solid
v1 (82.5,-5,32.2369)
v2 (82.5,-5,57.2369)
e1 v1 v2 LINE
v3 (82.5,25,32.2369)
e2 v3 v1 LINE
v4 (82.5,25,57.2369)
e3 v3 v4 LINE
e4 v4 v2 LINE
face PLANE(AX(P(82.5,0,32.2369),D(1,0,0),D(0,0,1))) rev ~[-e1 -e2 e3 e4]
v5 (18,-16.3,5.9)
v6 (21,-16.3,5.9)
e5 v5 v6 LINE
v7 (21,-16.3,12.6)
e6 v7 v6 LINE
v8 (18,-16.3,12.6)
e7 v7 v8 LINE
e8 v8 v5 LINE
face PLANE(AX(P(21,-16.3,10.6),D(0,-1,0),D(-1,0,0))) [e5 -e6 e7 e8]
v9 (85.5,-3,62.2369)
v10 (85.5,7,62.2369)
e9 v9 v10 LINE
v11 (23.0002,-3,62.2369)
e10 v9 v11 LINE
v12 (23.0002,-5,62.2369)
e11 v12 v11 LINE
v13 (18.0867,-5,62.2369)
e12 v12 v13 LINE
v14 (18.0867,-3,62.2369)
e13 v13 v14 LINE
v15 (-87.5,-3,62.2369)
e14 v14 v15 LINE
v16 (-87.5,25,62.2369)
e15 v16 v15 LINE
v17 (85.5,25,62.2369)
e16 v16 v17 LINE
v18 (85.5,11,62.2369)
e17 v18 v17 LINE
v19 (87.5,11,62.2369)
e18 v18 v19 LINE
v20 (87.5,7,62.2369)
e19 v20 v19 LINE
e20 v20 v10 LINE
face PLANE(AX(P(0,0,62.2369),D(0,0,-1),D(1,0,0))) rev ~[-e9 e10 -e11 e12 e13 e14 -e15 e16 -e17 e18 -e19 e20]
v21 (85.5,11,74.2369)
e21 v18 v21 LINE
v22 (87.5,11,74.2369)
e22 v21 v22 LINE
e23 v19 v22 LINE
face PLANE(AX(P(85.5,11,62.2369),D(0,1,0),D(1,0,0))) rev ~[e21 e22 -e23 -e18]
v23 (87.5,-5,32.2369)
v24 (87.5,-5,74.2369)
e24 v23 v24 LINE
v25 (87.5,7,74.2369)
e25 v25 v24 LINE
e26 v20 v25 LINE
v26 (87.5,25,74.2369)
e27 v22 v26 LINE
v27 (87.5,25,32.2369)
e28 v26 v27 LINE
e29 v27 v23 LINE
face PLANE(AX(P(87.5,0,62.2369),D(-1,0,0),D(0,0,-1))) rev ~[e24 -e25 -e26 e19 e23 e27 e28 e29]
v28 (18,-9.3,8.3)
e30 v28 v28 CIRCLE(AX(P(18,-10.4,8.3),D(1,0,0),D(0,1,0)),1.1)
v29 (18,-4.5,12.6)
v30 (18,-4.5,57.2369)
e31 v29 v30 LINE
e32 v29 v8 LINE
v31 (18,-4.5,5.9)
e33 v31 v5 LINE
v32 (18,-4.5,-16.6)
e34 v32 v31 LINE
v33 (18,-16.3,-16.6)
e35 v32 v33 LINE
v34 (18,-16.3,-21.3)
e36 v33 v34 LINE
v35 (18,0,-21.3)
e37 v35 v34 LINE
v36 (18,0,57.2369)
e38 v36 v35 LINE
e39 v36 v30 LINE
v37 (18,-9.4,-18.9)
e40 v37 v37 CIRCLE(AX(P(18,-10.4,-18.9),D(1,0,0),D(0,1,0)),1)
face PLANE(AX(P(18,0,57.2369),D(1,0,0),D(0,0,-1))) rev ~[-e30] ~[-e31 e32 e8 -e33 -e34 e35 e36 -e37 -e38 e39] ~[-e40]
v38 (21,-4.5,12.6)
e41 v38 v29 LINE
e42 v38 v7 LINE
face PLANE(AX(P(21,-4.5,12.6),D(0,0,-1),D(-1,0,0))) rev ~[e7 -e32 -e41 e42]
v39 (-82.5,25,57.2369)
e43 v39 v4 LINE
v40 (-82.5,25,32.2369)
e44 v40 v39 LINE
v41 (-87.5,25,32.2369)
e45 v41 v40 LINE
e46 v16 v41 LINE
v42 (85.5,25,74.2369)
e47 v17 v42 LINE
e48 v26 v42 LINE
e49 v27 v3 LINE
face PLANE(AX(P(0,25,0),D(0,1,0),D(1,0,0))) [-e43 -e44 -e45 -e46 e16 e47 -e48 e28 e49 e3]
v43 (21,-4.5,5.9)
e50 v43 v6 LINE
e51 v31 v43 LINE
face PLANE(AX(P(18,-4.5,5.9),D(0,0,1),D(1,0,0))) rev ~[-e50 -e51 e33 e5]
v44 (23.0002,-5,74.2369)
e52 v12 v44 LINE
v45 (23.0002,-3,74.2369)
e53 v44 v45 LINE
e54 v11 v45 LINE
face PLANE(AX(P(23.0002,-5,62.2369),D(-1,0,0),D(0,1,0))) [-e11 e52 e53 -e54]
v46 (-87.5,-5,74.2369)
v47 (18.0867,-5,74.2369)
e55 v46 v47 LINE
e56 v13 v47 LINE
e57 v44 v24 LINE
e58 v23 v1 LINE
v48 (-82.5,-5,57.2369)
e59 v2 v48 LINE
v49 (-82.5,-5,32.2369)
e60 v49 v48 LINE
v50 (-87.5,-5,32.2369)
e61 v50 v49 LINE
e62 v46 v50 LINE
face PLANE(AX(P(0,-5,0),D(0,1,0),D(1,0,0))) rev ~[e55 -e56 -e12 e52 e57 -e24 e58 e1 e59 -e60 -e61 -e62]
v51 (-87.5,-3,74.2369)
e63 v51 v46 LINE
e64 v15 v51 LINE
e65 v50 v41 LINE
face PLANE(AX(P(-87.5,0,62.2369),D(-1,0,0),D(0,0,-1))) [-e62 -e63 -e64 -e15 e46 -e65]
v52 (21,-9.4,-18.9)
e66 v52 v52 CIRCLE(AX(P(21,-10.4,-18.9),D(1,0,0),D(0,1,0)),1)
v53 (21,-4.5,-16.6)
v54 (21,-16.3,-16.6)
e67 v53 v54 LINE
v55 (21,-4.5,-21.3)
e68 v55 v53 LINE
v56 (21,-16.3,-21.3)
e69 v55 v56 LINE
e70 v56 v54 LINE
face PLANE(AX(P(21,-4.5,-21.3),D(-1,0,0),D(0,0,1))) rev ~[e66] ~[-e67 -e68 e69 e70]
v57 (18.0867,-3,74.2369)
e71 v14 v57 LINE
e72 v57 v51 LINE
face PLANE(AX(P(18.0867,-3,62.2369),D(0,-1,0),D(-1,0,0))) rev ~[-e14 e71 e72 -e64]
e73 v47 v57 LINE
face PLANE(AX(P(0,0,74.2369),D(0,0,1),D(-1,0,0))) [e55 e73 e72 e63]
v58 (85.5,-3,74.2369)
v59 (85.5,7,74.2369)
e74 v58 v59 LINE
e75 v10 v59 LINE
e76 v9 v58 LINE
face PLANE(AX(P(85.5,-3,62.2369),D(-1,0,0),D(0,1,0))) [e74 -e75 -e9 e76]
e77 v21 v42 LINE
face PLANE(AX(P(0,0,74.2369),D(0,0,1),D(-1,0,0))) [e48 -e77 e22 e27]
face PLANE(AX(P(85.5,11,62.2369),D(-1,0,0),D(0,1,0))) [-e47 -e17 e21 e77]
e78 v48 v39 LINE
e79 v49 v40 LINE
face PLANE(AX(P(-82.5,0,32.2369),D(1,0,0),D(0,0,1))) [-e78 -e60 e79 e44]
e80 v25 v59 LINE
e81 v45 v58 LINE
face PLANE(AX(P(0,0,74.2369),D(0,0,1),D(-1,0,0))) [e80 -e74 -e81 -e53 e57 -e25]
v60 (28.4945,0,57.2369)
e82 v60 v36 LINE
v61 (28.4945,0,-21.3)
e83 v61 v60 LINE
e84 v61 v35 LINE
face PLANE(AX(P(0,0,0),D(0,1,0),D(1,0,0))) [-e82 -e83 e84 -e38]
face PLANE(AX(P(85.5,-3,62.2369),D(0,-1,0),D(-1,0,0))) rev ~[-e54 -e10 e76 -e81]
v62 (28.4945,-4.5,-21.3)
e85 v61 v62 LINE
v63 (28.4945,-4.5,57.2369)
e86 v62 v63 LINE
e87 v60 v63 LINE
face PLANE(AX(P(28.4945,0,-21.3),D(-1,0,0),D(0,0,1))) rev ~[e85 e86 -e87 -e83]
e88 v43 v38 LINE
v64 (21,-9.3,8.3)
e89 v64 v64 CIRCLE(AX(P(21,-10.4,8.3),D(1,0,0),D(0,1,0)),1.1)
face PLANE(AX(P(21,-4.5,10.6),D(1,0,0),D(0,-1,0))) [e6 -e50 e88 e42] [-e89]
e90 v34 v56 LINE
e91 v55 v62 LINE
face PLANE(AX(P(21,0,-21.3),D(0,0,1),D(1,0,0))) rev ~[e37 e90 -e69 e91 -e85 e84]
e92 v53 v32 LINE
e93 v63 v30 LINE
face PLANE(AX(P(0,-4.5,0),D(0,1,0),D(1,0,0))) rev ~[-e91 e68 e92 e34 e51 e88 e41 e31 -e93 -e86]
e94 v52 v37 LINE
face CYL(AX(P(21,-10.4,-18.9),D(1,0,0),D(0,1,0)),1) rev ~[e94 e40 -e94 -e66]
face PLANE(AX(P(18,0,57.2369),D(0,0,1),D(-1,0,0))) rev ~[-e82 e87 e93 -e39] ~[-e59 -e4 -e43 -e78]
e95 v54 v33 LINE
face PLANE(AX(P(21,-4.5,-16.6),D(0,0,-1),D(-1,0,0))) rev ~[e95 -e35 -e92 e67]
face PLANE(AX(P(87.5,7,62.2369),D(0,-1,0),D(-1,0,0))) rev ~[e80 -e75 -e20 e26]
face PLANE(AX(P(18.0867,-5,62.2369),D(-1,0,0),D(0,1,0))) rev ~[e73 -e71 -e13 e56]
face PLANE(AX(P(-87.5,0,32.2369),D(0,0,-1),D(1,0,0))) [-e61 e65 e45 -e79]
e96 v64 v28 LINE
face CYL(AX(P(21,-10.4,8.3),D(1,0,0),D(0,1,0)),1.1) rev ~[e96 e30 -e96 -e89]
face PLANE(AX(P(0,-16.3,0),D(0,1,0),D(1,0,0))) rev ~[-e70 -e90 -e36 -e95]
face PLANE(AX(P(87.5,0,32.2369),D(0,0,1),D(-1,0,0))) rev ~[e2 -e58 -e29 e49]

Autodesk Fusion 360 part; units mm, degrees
sketch "Sketch2" plane through (0, 0, 0) normal (0, 1, 0) x (1, 0, 0)
  line L0 (0, -62.2369) -> (87.5, -62.2369)
  line L1 (87.5, -62.2369) -> (87.5, -32.2369)
  line L2 (87.5, -32.2369) -> (82.5, -32.2369)
  line L3 (0, -57.2369) -> (0, -62.2369)
  line L4 (82.5, -32.2369) -> (82.5, -57.2369)
  line L5 (82.5, -57.2369) -> (0, -57.2369)
  line L6 (0, 0) -> (0, -57.2369) construction
  line L7 (-87.5, -32.2369) -> (-82.5, -32.2369)
  line L8 (-82.5, -32.2369) -> (-82.5, -57.2369)
  line L9 (-82.5, -57.2369) -> (0, -57.2369)
  line L10 (0, -57.2369) -> (0, -62.2369)
  line L11 (0, -62.2369) -> (-87.5, -62.2369)
  line L12 (-87.5, -62.2369) -> (-87.5, -32.2369)
  line L13 (0, 0) -> (30, 0) construction
  line L14 (0, 0) -> (0, -10.6) construction
  line L15 (18, 21.3) -> (28.4945, 21.3)
  line L16 (28.4945, 21.3) -> (28.4945, -57.2369)
  line L17 (28.4945, -57.2369) -> (18, -57.2369)
  line L18 (18, -57.2369) -> (18, 21.3)
  line L19 (21, -10.6) -> (18, -10.6)
  line L20 (18, -10.6) -> (18, -5.9)
  line L21 (18, -5.9) -> (21, -5.9)
  line L22 (21, -5.9) -> (21, -10.6)
  line L23 (0, 0) -> (0, 21.3) construction
  line L24 (18, 21.3) -> (21, 21.3)
  line L25 (21, 21.3) -> (21, 16.6)
  line L26 (21, 16.6) -> (18, 16.6)
  line L27 (18, 16.6) -> (18, 21.3)
  dimension "d1" = 5
  dimension "d2" = 82.5
  dimension "d3" = 5
  dimension "d4" = 25
  dimension "d10" = 10.6
  dimension "d14" = 4.7
  dimension "d15" = 3
  dimension "d16" = 21.3
  dimension "d17" = 3
  dimension "d18" = 4.7
  dimension "d19" = 22.5
extrude "Extrude1" add sketch "Sketch2" along normal blind 25 and the other way blind 5 contours L0 L1 L2 L3 L4 L5 L10 L17 | L3 L7 L8 L9 L10 L11 L12
extrude "Extrude2" add sketch "Sketch2" against normal blind 4.5 contours L5 L15 L16 L17 L18 L19 L21 L22 L25 L26 | L18 L19 L20 L21 L22 | L15 L18 L24 L25 L26 L27
extrude "Extrude3" add sketch "Sketch2" against normal blind 11.8 from surface at -4.5 contours L18 L19 L20 L21 L22 | L15 L18 L24 L25 L26 L27
sketch "Sketch3" plane through (21, 0, 0) normal (1, 0, 0) x (0, 1, 0)
  line L0 (-4.5, 5.9) -> (-4.5, 10.6)
  line L1 (-4.5, 10.6) -> (-16.3, 10.6)
  line L2 (-16.3, 10.6) -> (-16.3, 5.9)
  line L3 (-16.3, 5.9) -> (-4.5, 5.9)
  line L4 (-16.3, 10.6) -> (-10.4, 10.6) construction
  line L5 (-10.4, 10.6) -> (-10.4, 8.3) construction
  line L6 (-10.4, 8.3) -> (-16.3, 8.3) construction
  line L7 (-16.3, 8.3) -> (-16.3, 10.6) construction
  circle A0 centre (-10.4, 8.3) radius 1.1
  dimension "d23" = 5.9
  dimension "d24" = 2.3
  dimension "d25" = 2.2
sketch "Sketch4" plane through (21, 0, 0) normal (1, 0, 0) x (0, 1, 0)
  line L0 (-4.5, -21.3) -> (-4.5, -16.6)
  line L1 (-4.5, -16.6) -> (-16.3, -16.6)
  line L2 (-16.3, -16.6) -> (-16.3, -21.3)
  line L3 (-16.3, -21.3) -> (-4.5, -21.3)
  line L4 (-16.3, -16.6) -> (-10.4, -16.6) construction
  line L5 (-10.4, -16.6) -> (-10.4, -18.9) construction
  line L6 (-10.4, -18.9) -> (-16.3, -18.9) construction
  line L7 (-16.3, -18.9) -> (-16.3, -16.6) construction
  circle A0 centre (-10.4, -18.9) radius 1
  dimension "d26" = 5.9
  dimension "d27" = 2.3
  dimension "d28" = 2
extrude "Extrude4" cut sketch "Sketch4" against normal blind 6 contours A0
extrude "Extrude5" cut sketch "Sketch3" against normal blind 5.5 contours A0
extrude "Extrude6" add 1 faces at (20, -12.3667, 10.6) along direction (0, 0, 1) blind 2
sketch "Sketch5" plane through (0, 0, 62.2369) normal (0, 0, 1) x (-1, 0, 0)
  line L0 (-87.5, 5) -> (-87.5, -25)
  line L1 (-87.5, -25) -> (87.5, -25)
  line L2 (87.5, -25) -> (87.5, 5)
  line L3 (87.5, 5) -> (-87.5, 5)
  line L4 (87.5, 5) -> (-87.5, 5)
  line L5 (-87.5, 5) -> (-87.5, 3)
  line L6 (-87.5, 3) -> (87.5, 3)
  line L7 (87.5, 3) -> (87.5, 5)
  line L8 (-18.0867, 5) -> (-18.0867, 3)
  line L9 (-23.0002, 5) -> (-23.0002, 3)
  line L10 (-87.5, 3) -> (-85.5, 3)
  line L11 (-85.5, 3) -> (-85.5, -25)
  line L12 (-85.5, -25) -> (-87.5, -25)
  line L13 (-87.5, -25) -> (-87.5, 3)
  line L14 (-85.5, -11) -> (-87.5, -11)
  line L15 (-87.5, -11) -> (-87.5, -9)
  line L16 (-87.5, -9) -> (-85.5, -9)
  line L17 (-85.5, -9) -> (-85.5, -11)
  dimension "d35" = 2
  dimension "d38" = 2
extrude "Extrude7" add sketch "Sketch5" along normal blind 12 contours L0 L3 L4 L5 L6 L9 L10 | L2 L3 L4 L6 L7 L8
extrude "Extrude8" add sketch "Sketch5" along normal blind 12 contours L0 L6 L10 L11 L13 L16 | L0 L1 L11 L12 L13 L14
extrude "Extrude9" cut 1 faces at (86.8333, 9, 70.2369) along direction (0, -1, 0) blind 2
equation "d10 = 5.9 mm + 4.7 mm"
